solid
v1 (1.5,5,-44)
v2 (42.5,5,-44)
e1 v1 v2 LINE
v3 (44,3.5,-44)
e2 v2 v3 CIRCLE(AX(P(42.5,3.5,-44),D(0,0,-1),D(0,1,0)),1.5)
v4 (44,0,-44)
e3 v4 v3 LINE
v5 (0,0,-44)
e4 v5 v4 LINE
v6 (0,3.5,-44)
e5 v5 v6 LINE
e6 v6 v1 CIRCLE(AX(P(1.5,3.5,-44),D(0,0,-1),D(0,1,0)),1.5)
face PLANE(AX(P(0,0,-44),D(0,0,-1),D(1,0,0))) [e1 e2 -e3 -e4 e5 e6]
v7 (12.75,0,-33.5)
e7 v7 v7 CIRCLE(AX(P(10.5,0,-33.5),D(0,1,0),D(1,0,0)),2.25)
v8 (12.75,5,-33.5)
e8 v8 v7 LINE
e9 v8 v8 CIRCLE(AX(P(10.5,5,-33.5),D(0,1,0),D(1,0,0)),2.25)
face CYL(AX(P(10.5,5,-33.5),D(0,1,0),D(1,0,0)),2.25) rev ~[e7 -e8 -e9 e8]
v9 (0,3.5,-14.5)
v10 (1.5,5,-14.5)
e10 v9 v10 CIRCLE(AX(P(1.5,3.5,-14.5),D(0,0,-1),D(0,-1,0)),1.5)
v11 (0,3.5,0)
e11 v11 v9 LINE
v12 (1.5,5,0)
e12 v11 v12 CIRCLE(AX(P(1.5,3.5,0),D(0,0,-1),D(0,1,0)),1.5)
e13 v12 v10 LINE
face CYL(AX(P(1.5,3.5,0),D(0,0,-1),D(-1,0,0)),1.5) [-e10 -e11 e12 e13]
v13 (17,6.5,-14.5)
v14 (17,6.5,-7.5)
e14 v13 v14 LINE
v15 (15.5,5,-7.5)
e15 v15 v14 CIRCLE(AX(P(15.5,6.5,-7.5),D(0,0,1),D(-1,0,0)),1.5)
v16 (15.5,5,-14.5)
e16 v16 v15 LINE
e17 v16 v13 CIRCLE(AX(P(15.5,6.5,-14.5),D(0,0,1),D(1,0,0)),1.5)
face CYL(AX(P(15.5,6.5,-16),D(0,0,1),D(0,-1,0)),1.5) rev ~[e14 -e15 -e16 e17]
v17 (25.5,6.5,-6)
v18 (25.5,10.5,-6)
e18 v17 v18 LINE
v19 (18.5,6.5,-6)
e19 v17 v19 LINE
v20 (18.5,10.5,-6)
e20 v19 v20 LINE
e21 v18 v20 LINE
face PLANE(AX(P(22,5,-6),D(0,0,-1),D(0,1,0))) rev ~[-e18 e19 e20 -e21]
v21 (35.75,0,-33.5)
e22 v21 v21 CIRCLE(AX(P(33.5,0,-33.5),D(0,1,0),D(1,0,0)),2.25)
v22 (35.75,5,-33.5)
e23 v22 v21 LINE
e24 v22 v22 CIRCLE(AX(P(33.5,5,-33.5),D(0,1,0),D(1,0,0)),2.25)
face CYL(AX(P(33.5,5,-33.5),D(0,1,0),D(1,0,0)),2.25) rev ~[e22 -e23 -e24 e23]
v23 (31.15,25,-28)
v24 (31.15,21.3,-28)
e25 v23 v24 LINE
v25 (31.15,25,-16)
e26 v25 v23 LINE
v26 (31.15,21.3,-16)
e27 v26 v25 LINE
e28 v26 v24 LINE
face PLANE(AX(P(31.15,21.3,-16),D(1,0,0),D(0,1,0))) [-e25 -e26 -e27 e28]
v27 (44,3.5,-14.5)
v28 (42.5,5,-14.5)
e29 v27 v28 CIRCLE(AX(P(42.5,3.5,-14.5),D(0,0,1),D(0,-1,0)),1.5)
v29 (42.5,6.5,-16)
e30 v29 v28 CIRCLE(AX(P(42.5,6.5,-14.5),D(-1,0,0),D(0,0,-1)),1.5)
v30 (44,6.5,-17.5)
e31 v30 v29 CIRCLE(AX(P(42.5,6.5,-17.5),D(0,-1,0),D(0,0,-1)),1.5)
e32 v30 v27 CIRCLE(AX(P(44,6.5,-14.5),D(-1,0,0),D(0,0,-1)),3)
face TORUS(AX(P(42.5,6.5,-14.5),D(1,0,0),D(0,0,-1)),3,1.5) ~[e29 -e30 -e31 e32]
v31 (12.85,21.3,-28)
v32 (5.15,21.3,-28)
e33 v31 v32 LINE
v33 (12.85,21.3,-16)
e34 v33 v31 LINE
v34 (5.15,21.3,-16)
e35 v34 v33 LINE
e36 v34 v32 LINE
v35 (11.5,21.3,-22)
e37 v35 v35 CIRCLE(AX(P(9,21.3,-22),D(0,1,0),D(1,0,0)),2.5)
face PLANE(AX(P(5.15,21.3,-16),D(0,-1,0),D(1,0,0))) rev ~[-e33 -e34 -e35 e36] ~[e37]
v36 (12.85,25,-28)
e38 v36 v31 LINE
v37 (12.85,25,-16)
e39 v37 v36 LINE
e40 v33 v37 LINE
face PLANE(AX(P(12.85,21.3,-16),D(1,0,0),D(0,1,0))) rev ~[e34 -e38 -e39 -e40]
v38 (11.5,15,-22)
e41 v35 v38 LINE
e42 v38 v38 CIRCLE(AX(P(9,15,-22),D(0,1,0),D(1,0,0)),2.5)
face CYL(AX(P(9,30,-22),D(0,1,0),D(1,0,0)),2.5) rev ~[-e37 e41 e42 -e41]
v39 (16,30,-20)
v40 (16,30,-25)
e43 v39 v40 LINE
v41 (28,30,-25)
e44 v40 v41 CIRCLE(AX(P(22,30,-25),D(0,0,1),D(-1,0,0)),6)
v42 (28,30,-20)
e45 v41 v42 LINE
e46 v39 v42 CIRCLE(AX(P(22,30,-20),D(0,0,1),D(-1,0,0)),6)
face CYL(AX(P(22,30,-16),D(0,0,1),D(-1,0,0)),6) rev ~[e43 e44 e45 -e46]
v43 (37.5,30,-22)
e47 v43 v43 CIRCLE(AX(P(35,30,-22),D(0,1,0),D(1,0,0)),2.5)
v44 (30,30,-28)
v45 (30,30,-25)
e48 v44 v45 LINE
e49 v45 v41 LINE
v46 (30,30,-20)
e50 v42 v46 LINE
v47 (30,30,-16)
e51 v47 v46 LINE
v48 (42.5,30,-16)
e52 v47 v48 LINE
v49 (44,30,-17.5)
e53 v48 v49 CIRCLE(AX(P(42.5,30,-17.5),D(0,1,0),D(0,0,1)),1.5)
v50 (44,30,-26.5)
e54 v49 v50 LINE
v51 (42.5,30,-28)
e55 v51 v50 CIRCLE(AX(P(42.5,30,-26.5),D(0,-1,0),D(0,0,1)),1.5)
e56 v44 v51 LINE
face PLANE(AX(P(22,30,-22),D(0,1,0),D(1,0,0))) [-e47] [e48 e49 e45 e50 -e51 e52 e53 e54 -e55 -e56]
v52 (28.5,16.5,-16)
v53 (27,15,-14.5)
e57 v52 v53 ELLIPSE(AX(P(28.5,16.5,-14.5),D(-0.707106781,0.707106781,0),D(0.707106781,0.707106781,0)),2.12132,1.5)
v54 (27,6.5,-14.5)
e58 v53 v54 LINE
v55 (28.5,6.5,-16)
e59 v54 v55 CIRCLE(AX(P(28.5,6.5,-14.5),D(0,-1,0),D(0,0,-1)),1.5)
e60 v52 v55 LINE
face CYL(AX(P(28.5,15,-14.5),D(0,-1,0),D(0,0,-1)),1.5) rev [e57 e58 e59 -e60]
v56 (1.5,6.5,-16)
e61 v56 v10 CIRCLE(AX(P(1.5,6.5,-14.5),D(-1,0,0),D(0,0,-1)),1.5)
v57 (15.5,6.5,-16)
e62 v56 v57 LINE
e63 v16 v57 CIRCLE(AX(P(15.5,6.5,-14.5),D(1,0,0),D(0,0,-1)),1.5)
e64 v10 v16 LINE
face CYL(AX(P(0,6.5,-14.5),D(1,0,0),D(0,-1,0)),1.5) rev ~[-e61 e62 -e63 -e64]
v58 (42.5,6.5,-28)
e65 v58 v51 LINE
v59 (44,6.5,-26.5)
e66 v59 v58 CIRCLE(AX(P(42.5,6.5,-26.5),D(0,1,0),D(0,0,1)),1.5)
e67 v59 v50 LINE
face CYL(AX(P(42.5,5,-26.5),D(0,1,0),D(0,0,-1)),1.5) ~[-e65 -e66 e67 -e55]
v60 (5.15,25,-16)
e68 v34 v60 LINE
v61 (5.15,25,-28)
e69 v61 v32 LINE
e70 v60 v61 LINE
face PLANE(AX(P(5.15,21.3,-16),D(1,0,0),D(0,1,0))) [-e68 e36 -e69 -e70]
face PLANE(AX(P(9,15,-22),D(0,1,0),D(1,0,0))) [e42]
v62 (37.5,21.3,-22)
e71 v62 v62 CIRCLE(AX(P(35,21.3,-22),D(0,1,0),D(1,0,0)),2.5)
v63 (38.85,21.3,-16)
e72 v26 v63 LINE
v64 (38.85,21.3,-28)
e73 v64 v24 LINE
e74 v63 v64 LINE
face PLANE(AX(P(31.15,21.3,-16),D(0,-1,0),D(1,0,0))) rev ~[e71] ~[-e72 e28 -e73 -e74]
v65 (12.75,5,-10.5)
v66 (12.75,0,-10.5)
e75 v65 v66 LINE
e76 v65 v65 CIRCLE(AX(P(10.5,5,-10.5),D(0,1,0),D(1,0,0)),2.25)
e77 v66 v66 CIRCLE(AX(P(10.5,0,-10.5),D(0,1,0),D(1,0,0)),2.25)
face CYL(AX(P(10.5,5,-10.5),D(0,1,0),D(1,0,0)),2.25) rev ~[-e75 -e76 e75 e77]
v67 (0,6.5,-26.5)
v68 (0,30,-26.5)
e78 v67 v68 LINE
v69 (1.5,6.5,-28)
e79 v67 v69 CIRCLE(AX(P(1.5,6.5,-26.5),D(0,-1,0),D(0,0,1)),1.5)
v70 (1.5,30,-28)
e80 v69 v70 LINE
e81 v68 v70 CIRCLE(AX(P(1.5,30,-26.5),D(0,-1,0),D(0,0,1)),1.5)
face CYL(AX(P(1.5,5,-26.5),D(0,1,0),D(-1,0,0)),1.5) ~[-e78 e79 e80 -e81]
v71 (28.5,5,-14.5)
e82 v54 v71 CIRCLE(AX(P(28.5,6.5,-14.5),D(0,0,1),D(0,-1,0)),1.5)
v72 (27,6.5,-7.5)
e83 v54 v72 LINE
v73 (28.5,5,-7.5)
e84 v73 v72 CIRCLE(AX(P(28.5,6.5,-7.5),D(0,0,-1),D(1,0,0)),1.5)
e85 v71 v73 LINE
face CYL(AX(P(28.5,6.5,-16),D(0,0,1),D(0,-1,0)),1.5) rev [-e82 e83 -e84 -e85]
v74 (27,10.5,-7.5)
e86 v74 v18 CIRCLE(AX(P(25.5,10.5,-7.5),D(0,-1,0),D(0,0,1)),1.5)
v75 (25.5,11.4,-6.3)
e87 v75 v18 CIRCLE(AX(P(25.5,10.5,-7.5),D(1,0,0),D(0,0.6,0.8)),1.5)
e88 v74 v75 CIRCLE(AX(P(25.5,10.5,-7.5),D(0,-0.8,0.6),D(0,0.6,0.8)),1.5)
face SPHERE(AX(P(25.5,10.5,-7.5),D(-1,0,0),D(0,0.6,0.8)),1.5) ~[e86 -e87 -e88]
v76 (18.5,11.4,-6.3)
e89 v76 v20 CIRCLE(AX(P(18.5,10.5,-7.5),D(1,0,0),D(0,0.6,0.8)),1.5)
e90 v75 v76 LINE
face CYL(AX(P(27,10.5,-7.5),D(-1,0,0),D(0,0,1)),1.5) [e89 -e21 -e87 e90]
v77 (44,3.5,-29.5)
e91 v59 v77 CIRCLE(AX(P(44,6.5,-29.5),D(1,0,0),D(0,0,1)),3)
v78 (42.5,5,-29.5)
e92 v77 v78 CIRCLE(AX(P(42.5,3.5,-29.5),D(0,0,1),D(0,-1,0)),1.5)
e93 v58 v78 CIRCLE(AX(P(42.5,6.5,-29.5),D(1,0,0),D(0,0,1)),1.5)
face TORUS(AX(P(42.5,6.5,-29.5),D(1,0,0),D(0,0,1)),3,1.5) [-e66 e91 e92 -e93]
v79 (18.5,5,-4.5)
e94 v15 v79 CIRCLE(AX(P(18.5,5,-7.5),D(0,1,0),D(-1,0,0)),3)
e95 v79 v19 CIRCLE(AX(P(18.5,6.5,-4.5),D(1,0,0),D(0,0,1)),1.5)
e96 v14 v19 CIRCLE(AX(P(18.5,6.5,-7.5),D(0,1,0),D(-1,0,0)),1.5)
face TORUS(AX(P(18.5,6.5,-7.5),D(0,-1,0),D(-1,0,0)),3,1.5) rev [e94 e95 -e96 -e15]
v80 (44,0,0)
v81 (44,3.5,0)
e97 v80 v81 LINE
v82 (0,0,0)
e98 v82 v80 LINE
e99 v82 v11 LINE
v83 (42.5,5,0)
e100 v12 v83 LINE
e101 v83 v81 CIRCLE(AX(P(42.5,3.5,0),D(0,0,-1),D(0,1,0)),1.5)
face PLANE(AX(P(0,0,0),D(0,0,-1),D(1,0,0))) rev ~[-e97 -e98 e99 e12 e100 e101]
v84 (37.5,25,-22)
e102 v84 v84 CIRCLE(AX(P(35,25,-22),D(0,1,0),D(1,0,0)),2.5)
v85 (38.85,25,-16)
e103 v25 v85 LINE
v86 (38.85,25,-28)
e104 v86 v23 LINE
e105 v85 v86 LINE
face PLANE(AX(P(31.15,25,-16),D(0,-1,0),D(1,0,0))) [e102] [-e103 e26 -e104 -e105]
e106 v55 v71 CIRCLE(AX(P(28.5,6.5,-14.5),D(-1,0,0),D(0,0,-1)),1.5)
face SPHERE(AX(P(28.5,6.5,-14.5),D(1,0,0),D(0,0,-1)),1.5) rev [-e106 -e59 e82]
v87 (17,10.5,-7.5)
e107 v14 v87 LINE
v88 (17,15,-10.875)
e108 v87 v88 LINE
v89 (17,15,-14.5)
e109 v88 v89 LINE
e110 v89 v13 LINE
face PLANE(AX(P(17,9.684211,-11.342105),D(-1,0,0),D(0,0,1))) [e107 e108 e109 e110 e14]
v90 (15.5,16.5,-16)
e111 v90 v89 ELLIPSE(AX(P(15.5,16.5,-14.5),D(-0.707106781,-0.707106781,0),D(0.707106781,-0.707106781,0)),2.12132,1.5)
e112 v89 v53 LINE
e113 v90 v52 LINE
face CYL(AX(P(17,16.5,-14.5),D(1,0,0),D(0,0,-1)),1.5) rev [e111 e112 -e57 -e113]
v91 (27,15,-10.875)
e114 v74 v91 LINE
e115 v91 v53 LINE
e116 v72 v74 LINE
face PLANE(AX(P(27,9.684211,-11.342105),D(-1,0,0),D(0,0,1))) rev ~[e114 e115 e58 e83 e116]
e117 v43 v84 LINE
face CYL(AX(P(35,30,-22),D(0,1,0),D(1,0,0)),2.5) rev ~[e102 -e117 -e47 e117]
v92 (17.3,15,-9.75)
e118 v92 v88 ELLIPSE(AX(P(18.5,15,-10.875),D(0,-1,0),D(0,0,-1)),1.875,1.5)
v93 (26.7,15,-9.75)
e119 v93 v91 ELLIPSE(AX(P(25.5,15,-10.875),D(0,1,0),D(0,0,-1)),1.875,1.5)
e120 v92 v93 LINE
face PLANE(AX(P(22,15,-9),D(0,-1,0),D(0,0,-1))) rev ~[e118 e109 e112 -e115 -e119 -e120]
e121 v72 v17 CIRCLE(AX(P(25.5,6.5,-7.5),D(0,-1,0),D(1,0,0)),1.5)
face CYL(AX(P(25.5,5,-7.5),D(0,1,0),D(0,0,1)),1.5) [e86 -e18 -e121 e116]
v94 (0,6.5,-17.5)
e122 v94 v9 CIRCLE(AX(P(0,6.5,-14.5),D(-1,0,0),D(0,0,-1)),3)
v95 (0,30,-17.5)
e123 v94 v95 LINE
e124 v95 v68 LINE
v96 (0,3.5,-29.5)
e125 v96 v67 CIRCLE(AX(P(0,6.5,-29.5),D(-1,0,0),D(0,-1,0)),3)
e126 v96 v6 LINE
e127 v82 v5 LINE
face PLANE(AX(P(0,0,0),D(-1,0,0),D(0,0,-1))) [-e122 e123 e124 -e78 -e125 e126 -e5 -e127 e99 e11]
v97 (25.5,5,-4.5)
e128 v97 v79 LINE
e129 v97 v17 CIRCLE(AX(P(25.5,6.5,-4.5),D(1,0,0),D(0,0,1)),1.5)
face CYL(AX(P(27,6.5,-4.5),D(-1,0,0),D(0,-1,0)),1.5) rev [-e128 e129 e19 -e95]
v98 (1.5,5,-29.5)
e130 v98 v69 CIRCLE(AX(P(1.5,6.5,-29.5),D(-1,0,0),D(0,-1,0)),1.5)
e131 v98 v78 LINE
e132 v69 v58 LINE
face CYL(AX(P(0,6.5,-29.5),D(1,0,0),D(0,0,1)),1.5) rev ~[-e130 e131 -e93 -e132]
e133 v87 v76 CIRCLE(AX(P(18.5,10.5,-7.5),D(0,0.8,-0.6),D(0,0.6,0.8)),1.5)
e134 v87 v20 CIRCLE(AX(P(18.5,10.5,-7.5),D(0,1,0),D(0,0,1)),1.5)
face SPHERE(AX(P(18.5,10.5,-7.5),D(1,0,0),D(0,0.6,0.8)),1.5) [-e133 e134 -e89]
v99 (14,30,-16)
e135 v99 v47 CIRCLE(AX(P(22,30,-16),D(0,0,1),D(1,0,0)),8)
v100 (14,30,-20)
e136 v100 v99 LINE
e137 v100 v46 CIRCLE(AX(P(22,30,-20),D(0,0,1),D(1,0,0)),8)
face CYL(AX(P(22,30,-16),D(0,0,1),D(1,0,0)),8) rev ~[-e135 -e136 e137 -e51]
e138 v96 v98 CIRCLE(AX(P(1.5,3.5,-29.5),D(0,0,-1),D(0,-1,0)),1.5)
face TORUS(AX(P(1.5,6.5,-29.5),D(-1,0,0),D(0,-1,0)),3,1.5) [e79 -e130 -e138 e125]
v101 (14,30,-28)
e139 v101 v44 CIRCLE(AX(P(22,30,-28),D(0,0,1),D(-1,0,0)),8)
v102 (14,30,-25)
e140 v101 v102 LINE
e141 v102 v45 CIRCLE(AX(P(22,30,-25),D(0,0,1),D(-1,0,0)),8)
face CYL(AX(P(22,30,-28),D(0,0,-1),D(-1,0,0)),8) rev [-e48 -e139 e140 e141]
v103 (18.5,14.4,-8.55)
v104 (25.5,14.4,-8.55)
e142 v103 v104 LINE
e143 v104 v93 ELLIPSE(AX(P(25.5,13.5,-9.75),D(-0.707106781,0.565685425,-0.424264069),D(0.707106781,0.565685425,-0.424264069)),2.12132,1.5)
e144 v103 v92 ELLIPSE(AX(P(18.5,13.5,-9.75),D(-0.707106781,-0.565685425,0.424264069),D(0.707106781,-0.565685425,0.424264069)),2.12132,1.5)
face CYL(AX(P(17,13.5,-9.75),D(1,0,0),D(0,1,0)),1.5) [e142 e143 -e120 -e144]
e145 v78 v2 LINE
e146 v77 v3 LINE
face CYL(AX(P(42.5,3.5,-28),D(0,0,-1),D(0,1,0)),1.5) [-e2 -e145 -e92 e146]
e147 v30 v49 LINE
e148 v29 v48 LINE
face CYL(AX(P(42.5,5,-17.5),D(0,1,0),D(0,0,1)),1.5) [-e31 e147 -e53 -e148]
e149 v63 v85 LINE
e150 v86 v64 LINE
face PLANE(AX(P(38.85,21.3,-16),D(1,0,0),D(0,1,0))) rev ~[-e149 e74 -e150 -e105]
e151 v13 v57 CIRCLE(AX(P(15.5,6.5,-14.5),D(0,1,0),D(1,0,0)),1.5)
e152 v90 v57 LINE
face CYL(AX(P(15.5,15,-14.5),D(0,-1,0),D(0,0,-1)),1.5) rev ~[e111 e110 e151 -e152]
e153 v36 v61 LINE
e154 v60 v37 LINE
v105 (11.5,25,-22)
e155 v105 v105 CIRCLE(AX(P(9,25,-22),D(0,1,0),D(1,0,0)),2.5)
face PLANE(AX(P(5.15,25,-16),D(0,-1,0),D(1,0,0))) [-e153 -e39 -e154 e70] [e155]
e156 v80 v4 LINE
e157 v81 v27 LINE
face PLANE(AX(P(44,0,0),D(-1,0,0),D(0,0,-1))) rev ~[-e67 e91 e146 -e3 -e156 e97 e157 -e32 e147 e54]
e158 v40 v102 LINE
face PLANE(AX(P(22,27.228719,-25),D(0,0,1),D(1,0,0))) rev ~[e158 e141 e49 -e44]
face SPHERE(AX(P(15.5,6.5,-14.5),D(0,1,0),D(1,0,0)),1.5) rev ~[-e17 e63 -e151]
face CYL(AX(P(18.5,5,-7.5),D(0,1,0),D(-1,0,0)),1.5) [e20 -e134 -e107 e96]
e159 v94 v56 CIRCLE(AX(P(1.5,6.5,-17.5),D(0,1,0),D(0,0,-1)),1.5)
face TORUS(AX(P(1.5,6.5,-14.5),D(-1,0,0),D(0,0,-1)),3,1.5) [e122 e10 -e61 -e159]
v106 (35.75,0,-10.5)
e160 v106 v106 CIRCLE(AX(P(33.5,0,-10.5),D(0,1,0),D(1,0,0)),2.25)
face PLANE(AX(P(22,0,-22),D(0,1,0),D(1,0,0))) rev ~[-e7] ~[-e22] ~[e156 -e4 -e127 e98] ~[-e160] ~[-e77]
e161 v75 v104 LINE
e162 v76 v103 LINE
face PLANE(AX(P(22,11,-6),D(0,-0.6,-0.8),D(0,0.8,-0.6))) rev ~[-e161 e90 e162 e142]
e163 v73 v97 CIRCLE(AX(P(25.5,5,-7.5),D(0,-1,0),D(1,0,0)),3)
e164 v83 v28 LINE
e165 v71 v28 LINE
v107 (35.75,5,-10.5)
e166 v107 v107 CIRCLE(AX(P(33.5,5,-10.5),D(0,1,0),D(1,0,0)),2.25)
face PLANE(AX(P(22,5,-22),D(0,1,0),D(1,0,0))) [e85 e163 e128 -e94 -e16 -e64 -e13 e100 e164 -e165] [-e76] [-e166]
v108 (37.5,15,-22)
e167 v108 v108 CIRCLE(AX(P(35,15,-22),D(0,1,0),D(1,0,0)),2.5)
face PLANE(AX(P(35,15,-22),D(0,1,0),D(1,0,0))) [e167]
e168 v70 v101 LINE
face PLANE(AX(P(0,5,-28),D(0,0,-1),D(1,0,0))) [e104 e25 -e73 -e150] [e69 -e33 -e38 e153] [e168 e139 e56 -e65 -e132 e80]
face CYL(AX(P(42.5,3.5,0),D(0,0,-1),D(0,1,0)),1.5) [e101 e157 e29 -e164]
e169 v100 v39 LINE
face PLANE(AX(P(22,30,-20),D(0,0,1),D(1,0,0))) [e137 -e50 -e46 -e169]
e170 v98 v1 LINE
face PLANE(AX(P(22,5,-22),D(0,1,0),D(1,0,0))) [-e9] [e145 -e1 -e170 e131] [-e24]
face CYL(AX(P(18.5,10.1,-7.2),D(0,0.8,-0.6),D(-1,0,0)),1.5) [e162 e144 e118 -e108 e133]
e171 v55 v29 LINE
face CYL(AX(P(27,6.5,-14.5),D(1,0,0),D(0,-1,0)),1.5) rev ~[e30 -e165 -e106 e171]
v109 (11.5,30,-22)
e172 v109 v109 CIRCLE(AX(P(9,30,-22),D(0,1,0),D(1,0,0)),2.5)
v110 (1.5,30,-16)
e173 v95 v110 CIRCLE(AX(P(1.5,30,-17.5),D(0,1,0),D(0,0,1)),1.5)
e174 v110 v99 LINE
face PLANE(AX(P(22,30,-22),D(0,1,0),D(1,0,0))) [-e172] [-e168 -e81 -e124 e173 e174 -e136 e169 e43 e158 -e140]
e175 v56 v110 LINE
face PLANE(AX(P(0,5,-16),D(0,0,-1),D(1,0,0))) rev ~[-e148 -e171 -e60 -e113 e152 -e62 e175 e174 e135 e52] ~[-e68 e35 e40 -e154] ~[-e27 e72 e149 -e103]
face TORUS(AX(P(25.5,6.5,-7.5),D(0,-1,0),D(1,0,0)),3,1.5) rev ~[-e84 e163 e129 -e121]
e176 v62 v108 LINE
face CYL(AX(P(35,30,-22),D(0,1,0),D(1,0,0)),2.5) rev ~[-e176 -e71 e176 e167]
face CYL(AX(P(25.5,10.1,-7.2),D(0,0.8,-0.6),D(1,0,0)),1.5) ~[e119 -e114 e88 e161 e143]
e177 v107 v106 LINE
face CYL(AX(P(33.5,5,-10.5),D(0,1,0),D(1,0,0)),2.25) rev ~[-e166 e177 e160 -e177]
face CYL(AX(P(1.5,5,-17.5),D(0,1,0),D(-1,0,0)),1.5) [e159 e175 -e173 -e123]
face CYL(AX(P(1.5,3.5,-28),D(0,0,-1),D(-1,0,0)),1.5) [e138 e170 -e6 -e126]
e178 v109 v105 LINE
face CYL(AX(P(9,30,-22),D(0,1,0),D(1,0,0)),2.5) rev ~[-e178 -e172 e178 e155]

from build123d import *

# Parameters (mm, degrees)
SKETCH1_W           = 44
SKETCH1_H           = 44
BOSS_EXTRUDE1_DEPTH = 5
SKETCH2_W           = 44
SKETCH2_H           = 12
BOSS_EXTRUDE2_DEPTH = 25
SKETCH3_R           = 2.5
CUT_EXTRUDE1_DEPTH  = 15
SKETCH4_W           = 7.7
SKETCH4_H           = 3.7
CUT_EXTRUDE2_DEPTH  = 29
SKETCH6_R           = 8
CUT_EXTRUDE3_DEPTH  = 4
CUT_EXTRUDE4_DEPTH  = 3
BOSS_EXTRUDE3_DEPTH = 5
SKETCH10_R          = 2.25
CUT_EXTRUDE5_DEPTH  = 10
FILLET2_R           = 1.5


with BuildPart() as part:
    # Sketch1 → Boss-Extrude1 (new body)
    with BuildSketch(Plane(origin=(0, 0, 0), x_dir=(1, 0, 0), z_dir=(0, 1, 0))):
        with Locations((22, 22)):
            Rectangle(SKETCH1_W, SKETCH1_H)
    extrude(amount=BOSS_EXTRUDE1_DEPTH)

    # Sketch2 → Boss-Extrude2 (add)
    with BuildSketch(Plane(origin=(0, 5, 0), x_dir=(1, 0, 0), z_dir=(0, 1, 0))):
        with Locations((22, 22)):
            Rectangle(SKETCH2_W, SKETCH2_H)
    extrude(amount=BOSS_EXTRUDE2_DEPTH)

    # Sketch3 → Cut-Extrude1 (cut)
    with BuildSketch(Plane(origin=(0, 30, 0), x_dir=(1, 0, 0), z_dir=(0, 1, 0))):
        with Locations((35, 22)):
            Circle(SKETCH3_R)
        with Locations((9, 22)):
            Circle(SKETCH3_R)
    extrude(amount=-CUT_EXTRUDE1_DEPTH, mode=Mode.SUBTRACT)

    # Sketch4 → Cut-Extrude2 (cut, through all)
    with BuildSketch(Plane.XY.offset(-16)):
        with Locations((9, 23.15)):
            Rectangle(SKETCH4_W, SKETCH4_H)
        with BuildLine():
            Line((16, 30), (28, 30))
            ThreePointArc((28, 30), (22, 36), (16, 30))
        make_face()
        with BuildLine():
            ThreePointArc((16, 30), (22, 24), (28, 30))
            Line((28, 30), (16, 30))
        make_face()
        with Locations((35, 23.15)):
            Rectangle(SKETCH4_W, SKETCH4_H)
    extrude(amount=-CUT_EXTRUDE2_DEPTH, mode=Mode.SUBTRACT)

    # Sketch6 → Cut-Extrude3 (cut)
    with BuildSketch(Plane.XY.offset(-16)):
        with Locations((22, 30)):
            Circle(SKETCH6_R)
    extrude(amount=-CUT_EXTRUDE3_DEPTH, mode=Mode.SUBTRACT)

    # Sketch7 → Cut-Extrude4 (cut)
    with BuildSketch(Plane(origin=(0, 0, -28), x_dir=(-1, 0, 0), z_dir=(0, 0, -1))):
        with BuildLine():
            Line((-30, 30), (-14, 30))
            ThreePointArc((-14, 30), (-22, 22), (-30, 30))
        make_face()
    extrude(amount=-CUT_EXTRUDE4_DEPTH, mode=Mode.SUBTRACT)

    # Sketch8 → Boss-Extrude3 (add, symmetric)
    with BuildSketch(Plane(origin=(22, 0, 0), x_dir=(0, 0, -1), z_dir=(1, 0, 0))):
        Polygon((16, 5), (6, 5), (6, 11), (9, 15), (16, 15), align=None)
    extrude(amount=BOSS_EXTRUDE3_DEPTH, both=True)

    # Sketch10 → Cut-Extrude5 (cut)
    with BuildSketch(Plane(origin=(0, 5, 0), x_dir=(1, 0, 0), z_dir=(0, 1, 0))):
        with Locations((33.5, 10.5)):
            Circle(SKETCH10_R)
        with Locations((10.5, 10.5)):
            Circle(SKETCH10_R)
        with Locations((33.5, 33.5)):
            Circle(SKETCH10_R)
        with Locations((10.5, 33.5)):
            Circle(SKETCH10_R)
    extrude(amount=-CUT_EXTRUDE5_DEPTH, mode=Mode.SUBTRACT)

    # Fillet2
    fillet2_edges = [part.edges().sort_by_distance(p)[0] for p in [
        (44, 5, -8),
        (35.5, 5, -16),
        (17, 10, -16),
        (22, 15, -16),
        (17, 13, -7.5),
        (22, 15, -9),
        (17, 8, -6),
        (22, 11, -6),
        (17, 5, -11),
        (22, 5, -6),
        (27, 10, -16),
        (27, 13, -7.5),
        (27, 8, -6),
        (27, 5, -11),
        (0, 5, -8),
        (44, 5, -36),
        (0, 17.5, -28),
        (8.5, 5, -16),
        (0, 17.5, -16),
        (44, 17.5, -16),
        (22, 5, -28),
        (44, 17.5, -28),
        (0, 5, -36),
    ]]
    fillet(fillet2_edges, radius=FILLET2_R)


solid = part.part
